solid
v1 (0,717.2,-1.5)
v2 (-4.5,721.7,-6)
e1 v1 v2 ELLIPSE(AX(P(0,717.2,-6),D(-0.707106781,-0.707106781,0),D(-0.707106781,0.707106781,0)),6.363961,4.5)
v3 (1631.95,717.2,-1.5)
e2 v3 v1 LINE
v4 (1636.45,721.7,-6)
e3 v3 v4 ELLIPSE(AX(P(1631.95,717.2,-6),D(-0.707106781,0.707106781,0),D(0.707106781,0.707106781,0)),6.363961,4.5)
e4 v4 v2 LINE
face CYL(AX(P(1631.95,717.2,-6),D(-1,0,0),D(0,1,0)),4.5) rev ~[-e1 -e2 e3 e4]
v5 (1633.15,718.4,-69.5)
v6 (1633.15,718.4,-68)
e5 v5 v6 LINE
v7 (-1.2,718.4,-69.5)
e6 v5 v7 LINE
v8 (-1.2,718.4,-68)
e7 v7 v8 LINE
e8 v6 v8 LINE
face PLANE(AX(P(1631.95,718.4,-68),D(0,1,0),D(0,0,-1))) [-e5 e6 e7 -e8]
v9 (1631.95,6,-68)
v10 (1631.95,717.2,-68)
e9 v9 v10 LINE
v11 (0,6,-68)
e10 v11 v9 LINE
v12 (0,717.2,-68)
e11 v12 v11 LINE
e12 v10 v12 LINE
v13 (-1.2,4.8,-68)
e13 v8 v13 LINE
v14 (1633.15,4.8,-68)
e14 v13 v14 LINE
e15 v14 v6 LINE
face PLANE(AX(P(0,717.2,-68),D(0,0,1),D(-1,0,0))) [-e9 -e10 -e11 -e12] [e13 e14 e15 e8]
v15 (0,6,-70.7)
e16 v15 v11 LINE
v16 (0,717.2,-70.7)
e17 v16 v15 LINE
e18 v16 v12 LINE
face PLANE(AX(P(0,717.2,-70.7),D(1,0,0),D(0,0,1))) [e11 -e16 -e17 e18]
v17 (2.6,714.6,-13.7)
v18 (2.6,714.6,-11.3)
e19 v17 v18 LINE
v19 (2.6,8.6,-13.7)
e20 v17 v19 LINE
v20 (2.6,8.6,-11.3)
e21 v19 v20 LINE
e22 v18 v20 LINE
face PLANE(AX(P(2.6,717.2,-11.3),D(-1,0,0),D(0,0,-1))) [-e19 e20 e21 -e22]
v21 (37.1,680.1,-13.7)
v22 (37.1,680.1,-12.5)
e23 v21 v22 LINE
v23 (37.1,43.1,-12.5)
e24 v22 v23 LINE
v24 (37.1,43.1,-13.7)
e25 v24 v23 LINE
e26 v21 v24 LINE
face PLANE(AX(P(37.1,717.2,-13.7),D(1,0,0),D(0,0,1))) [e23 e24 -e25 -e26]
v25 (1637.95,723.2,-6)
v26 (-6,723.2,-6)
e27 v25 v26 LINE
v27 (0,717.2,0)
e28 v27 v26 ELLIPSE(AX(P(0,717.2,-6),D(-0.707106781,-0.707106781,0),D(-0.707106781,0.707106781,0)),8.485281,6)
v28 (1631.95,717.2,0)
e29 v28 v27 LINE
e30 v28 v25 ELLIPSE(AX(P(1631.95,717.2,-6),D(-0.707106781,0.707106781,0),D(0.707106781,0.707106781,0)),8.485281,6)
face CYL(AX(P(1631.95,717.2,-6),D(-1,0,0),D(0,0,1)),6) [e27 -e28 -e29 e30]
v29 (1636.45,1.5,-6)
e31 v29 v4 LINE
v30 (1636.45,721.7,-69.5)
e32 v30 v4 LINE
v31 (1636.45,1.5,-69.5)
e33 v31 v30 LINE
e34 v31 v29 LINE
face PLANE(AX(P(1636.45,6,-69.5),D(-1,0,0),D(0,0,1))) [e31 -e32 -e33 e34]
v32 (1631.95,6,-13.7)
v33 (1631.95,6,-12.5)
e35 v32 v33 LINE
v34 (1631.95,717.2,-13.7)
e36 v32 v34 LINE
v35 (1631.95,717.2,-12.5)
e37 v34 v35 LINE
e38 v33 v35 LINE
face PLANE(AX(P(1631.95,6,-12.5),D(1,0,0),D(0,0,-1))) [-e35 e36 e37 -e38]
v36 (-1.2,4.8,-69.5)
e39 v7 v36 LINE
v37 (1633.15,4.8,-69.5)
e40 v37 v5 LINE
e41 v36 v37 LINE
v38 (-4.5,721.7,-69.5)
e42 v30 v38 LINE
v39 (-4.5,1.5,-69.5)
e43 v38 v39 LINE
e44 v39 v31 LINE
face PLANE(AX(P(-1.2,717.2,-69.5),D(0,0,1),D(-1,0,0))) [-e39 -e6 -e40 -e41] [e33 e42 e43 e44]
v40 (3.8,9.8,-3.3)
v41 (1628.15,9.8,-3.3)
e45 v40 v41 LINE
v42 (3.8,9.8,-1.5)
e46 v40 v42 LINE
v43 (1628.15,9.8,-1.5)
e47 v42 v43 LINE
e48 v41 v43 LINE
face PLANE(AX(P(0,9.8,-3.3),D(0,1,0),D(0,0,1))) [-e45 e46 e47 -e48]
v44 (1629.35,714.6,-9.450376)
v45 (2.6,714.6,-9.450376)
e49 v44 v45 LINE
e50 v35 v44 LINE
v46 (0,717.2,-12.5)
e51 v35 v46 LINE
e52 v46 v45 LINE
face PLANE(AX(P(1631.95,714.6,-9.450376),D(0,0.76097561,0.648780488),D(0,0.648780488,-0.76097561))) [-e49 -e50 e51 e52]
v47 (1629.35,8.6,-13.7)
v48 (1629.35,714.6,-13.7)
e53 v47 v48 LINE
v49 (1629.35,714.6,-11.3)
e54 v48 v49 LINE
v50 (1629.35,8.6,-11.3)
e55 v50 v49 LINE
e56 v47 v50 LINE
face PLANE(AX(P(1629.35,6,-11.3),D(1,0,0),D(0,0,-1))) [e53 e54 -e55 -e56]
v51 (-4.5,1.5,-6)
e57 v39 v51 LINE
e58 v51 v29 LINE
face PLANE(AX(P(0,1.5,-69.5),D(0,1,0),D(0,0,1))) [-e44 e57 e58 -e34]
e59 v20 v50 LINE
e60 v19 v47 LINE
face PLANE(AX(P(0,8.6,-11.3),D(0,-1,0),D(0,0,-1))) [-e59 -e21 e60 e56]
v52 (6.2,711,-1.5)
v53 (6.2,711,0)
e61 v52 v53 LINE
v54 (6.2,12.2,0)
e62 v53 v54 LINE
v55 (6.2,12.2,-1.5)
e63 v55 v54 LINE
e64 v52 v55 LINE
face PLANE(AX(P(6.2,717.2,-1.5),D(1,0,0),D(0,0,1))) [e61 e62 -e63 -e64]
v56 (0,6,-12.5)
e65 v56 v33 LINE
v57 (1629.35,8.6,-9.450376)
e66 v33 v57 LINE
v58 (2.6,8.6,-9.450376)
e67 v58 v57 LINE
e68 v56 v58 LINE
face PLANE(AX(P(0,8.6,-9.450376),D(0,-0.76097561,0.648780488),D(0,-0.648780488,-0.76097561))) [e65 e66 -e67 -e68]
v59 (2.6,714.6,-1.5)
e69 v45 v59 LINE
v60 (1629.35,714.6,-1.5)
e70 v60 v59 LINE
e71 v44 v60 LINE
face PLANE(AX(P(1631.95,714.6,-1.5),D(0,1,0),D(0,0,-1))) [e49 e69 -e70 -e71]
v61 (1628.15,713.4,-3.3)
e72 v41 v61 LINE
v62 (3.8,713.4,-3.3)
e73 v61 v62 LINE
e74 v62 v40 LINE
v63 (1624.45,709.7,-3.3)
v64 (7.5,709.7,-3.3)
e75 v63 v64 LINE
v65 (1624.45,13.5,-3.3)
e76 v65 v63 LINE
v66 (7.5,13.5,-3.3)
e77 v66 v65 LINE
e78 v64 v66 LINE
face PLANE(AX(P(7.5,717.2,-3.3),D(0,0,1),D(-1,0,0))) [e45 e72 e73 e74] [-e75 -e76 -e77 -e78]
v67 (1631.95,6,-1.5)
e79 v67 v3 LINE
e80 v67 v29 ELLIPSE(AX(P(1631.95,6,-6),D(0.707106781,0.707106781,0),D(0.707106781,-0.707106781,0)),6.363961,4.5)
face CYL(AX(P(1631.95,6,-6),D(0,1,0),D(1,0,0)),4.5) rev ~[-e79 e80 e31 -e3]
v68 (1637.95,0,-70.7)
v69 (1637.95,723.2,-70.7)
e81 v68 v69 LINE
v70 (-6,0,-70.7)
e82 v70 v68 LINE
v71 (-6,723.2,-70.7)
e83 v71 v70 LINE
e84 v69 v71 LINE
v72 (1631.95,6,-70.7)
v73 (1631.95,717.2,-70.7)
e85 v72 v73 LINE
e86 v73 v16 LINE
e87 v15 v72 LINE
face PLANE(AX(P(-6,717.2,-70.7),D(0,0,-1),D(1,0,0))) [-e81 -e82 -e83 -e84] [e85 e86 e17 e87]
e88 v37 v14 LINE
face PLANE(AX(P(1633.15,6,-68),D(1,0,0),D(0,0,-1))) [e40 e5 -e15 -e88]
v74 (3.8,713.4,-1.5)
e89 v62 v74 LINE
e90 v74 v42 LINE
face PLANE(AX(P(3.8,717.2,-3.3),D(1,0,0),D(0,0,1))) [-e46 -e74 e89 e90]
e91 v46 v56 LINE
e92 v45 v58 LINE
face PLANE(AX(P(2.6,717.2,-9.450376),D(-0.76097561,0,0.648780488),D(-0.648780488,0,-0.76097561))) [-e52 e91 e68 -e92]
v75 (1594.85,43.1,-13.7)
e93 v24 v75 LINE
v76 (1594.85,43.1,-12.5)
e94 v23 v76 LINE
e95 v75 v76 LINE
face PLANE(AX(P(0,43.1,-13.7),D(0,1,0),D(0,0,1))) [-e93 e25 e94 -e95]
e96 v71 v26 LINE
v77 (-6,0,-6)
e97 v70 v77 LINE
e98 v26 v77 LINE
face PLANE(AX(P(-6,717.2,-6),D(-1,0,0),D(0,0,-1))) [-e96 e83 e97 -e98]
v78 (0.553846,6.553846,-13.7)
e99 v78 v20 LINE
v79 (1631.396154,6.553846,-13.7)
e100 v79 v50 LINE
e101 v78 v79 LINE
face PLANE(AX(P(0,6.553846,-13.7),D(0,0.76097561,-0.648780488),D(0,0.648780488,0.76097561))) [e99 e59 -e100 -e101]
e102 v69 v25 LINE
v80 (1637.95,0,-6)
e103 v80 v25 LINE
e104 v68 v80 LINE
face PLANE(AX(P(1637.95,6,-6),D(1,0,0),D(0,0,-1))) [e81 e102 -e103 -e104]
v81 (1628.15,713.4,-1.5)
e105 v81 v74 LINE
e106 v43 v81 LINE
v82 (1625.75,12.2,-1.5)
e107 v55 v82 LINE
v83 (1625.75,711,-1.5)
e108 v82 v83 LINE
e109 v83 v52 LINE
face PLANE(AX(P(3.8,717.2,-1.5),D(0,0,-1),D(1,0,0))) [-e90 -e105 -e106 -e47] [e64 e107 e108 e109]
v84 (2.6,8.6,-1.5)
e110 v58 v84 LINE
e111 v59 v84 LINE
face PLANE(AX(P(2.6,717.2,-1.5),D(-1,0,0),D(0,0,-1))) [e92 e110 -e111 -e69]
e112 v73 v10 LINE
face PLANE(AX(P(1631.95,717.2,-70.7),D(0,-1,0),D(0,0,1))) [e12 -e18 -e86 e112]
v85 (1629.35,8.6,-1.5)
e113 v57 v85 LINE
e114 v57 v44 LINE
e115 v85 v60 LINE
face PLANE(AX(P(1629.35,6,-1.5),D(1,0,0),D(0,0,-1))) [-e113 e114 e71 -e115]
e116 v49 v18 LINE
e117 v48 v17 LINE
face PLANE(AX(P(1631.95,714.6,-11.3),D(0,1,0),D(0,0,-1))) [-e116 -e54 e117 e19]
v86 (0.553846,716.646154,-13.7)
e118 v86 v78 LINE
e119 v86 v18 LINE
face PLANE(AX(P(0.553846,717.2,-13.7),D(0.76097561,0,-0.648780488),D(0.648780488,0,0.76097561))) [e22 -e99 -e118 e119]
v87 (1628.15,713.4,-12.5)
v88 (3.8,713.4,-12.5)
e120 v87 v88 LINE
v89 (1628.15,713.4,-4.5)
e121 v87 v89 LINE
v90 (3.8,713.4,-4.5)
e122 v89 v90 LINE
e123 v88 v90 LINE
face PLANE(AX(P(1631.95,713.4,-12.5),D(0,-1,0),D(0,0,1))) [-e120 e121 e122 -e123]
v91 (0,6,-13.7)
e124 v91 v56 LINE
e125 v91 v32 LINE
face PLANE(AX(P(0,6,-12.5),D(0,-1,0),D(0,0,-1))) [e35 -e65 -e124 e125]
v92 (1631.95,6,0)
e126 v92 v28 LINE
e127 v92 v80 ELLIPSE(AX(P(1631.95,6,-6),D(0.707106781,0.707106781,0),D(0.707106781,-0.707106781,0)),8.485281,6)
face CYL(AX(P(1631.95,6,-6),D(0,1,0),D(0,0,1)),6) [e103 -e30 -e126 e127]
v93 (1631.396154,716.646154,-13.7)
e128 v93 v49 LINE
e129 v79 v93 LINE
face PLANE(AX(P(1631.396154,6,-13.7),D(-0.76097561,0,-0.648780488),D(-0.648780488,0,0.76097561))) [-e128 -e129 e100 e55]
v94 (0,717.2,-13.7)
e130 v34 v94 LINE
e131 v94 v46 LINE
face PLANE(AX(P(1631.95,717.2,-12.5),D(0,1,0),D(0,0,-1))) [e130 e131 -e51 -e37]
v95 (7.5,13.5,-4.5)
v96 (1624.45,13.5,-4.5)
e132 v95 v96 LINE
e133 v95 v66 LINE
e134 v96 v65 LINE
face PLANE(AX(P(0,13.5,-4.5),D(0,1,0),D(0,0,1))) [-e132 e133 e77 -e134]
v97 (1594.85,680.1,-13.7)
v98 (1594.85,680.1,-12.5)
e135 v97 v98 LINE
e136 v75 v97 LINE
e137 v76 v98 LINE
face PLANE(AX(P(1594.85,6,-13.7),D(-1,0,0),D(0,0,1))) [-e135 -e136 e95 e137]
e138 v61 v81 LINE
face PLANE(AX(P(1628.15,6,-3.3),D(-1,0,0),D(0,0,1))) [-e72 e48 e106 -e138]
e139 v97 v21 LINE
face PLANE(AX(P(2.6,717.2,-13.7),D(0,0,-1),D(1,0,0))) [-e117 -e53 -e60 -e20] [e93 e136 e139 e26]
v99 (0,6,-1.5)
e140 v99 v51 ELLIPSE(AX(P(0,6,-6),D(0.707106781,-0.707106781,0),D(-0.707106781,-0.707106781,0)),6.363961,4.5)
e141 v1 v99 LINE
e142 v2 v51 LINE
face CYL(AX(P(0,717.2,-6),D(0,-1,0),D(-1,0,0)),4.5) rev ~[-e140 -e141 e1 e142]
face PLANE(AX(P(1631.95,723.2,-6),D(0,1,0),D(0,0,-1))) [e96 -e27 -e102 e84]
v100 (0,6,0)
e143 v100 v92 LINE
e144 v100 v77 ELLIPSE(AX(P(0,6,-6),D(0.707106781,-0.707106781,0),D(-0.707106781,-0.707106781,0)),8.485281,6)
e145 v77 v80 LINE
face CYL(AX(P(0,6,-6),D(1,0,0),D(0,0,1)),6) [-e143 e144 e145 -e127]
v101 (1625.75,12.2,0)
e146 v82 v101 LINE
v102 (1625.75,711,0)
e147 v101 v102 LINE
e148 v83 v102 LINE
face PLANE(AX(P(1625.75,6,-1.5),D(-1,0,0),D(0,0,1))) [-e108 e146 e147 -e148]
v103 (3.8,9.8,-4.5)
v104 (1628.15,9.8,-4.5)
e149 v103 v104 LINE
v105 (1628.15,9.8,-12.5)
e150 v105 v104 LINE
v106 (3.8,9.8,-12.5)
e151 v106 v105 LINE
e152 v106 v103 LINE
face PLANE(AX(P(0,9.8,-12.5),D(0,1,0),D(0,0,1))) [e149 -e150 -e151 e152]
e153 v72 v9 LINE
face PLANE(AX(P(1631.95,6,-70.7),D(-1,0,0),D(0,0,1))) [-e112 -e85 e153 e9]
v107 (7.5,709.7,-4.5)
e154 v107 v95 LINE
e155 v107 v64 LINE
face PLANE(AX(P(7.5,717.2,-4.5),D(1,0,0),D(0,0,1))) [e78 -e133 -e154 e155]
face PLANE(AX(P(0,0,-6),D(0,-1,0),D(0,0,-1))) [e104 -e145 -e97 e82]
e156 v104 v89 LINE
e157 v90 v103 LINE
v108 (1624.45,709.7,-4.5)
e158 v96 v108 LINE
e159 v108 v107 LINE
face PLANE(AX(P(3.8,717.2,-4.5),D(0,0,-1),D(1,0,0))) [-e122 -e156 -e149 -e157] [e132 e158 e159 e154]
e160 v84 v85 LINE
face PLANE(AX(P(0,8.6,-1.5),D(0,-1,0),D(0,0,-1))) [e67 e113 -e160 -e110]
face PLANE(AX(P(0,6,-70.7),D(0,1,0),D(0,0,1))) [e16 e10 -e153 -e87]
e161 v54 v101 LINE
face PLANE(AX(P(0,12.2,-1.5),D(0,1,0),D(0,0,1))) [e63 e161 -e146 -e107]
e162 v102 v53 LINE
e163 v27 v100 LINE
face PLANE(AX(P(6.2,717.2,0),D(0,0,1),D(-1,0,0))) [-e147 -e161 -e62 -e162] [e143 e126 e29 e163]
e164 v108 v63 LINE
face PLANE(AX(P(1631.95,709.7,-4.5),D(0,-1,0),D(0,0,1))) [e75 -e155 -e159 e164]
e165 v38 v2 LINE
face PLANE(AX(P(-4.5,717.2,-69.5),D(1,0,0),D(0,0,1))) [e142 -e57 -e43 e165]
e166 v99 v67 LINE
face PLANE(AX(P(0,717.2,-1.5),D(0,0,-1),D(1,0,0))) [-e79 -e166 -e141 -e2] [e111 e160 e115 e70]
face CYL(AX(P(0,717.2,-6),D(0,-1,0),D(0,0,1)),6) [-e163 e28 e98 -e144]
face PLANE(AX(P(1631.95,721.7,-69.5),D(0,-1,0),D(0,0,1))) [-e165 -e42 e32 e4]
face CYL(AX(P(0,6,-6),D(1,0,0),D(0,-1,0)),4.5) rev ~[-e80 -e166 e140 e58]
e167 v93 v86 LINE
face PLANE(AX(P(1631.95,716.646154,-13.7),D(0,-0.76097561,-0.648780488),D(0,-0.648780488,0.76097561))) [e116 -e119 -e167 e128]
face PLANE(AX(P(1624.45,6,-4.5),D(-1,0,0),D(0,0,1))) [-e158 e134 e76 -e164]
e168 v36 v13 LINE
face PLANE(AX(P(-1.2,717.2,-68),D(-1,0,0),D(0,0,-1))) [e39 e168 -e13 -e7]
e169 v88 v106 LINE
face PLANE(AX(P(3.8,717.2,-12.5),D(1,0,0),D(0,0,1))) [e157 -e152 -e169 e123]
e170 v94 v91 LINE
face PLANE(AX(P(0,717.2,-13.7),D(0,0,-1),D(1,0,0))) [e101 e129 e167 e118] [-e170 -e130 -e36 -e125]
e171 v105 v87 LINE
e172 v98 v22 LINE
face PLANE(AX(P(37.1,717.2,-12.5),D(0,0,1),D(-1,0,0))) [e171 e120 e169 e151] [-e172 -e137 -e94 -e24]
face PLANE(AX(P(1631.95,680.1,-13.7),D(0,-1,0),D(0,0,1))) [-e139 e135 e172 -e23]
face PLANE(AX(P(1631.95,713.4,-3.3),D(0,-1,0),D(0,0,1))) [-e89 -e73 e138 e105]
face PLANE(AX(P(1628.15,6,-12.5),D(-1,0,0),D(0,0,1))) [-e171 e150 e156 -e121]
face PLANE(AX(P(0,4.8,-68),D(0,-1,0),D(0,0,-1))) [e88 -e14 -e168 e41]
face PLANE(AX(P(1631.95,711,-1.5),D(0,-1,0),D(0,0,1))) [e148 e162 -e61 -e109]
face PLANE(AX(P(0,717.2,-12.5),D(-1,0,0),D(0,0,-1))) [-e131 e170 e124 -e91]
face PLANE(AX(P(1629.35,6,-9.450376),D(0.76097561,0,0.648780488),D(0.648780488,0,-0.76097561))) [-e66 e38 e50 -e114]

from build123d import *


with BuildPart() as f2:
    # F2: sweep along a path in F1
    with BuildLine(Plane.XY) as f2_path:
        Line((0, 717.2), (0, 6))
        Line((0, 6), (1631.95, 6))
        Line((1631.95, 6), (1631.95, 717.2))
        Line((1631.95, 717.2), (0, 717.2))
    # F0 (on Right) → F2 (sweep)
    with BuildSketch(Plane.YZ):
        with BuildLine():
            Line((0, -6), (0, -70.7))
            Line((0, -70.7), (6, -70.7))
            Line((6, -70.7), (6, -68))
            Line((6, -68), (4.8, -68))
            Line((4.8, -68), (4.8, -69.5))
            Line((4.8, -69.5), (1.5, -69.5))
            Line((1.5, -69.5), (1.5, -6))
            ThreePointArc((1.5, -6), (2.8180194847, -2.8180194847), (6, -1.5))
            Line((6, -1.5), (8.6, -1.5))
            Line((8.6, -1.5), (8.6, -9.4503759398))
            Line((8.6, -9.4503759398), (6, -12.5))
            Line((6, -12.5), (6, -13.7))
            Line((6, -13.7), (6.5538461538, -13.7))
            Line((6.5538461538, -13.7), (8.6, -11.3))
            Line((8.6, -11.3), (8.6, -13.7))
            Line((8.6, -13.7), (43.1, -13.7))
            Line((43.1, -13.7), (43.1, -12.5))
            Line((43.1, -12.5), (9.8, -12.5))
            Line((9.8, -12.5), (9.8, -4.5))
            Line((9.8, -4.5), (13.5, -4.5))
            Line((13.5, -4.5), (13.5, -3.3))
            Line((13.5, -3.3), (9.8, -3.3))
            Line((9.8, -3.3), (9.8, -1.5))
            Line((9.8, -1.5), (12.2, -1.5))
            Line((12.2, -1.5), (12.2, 0))
            Line((12.2, 0), (6, 0))
            ThreePointArc((6, 0), (1.7573593129, -1.7573593129), (0, -6))
        make_face()
    sweep(path=f2_path.line, transition=Transition.RIGHT)


solid = f2.part
